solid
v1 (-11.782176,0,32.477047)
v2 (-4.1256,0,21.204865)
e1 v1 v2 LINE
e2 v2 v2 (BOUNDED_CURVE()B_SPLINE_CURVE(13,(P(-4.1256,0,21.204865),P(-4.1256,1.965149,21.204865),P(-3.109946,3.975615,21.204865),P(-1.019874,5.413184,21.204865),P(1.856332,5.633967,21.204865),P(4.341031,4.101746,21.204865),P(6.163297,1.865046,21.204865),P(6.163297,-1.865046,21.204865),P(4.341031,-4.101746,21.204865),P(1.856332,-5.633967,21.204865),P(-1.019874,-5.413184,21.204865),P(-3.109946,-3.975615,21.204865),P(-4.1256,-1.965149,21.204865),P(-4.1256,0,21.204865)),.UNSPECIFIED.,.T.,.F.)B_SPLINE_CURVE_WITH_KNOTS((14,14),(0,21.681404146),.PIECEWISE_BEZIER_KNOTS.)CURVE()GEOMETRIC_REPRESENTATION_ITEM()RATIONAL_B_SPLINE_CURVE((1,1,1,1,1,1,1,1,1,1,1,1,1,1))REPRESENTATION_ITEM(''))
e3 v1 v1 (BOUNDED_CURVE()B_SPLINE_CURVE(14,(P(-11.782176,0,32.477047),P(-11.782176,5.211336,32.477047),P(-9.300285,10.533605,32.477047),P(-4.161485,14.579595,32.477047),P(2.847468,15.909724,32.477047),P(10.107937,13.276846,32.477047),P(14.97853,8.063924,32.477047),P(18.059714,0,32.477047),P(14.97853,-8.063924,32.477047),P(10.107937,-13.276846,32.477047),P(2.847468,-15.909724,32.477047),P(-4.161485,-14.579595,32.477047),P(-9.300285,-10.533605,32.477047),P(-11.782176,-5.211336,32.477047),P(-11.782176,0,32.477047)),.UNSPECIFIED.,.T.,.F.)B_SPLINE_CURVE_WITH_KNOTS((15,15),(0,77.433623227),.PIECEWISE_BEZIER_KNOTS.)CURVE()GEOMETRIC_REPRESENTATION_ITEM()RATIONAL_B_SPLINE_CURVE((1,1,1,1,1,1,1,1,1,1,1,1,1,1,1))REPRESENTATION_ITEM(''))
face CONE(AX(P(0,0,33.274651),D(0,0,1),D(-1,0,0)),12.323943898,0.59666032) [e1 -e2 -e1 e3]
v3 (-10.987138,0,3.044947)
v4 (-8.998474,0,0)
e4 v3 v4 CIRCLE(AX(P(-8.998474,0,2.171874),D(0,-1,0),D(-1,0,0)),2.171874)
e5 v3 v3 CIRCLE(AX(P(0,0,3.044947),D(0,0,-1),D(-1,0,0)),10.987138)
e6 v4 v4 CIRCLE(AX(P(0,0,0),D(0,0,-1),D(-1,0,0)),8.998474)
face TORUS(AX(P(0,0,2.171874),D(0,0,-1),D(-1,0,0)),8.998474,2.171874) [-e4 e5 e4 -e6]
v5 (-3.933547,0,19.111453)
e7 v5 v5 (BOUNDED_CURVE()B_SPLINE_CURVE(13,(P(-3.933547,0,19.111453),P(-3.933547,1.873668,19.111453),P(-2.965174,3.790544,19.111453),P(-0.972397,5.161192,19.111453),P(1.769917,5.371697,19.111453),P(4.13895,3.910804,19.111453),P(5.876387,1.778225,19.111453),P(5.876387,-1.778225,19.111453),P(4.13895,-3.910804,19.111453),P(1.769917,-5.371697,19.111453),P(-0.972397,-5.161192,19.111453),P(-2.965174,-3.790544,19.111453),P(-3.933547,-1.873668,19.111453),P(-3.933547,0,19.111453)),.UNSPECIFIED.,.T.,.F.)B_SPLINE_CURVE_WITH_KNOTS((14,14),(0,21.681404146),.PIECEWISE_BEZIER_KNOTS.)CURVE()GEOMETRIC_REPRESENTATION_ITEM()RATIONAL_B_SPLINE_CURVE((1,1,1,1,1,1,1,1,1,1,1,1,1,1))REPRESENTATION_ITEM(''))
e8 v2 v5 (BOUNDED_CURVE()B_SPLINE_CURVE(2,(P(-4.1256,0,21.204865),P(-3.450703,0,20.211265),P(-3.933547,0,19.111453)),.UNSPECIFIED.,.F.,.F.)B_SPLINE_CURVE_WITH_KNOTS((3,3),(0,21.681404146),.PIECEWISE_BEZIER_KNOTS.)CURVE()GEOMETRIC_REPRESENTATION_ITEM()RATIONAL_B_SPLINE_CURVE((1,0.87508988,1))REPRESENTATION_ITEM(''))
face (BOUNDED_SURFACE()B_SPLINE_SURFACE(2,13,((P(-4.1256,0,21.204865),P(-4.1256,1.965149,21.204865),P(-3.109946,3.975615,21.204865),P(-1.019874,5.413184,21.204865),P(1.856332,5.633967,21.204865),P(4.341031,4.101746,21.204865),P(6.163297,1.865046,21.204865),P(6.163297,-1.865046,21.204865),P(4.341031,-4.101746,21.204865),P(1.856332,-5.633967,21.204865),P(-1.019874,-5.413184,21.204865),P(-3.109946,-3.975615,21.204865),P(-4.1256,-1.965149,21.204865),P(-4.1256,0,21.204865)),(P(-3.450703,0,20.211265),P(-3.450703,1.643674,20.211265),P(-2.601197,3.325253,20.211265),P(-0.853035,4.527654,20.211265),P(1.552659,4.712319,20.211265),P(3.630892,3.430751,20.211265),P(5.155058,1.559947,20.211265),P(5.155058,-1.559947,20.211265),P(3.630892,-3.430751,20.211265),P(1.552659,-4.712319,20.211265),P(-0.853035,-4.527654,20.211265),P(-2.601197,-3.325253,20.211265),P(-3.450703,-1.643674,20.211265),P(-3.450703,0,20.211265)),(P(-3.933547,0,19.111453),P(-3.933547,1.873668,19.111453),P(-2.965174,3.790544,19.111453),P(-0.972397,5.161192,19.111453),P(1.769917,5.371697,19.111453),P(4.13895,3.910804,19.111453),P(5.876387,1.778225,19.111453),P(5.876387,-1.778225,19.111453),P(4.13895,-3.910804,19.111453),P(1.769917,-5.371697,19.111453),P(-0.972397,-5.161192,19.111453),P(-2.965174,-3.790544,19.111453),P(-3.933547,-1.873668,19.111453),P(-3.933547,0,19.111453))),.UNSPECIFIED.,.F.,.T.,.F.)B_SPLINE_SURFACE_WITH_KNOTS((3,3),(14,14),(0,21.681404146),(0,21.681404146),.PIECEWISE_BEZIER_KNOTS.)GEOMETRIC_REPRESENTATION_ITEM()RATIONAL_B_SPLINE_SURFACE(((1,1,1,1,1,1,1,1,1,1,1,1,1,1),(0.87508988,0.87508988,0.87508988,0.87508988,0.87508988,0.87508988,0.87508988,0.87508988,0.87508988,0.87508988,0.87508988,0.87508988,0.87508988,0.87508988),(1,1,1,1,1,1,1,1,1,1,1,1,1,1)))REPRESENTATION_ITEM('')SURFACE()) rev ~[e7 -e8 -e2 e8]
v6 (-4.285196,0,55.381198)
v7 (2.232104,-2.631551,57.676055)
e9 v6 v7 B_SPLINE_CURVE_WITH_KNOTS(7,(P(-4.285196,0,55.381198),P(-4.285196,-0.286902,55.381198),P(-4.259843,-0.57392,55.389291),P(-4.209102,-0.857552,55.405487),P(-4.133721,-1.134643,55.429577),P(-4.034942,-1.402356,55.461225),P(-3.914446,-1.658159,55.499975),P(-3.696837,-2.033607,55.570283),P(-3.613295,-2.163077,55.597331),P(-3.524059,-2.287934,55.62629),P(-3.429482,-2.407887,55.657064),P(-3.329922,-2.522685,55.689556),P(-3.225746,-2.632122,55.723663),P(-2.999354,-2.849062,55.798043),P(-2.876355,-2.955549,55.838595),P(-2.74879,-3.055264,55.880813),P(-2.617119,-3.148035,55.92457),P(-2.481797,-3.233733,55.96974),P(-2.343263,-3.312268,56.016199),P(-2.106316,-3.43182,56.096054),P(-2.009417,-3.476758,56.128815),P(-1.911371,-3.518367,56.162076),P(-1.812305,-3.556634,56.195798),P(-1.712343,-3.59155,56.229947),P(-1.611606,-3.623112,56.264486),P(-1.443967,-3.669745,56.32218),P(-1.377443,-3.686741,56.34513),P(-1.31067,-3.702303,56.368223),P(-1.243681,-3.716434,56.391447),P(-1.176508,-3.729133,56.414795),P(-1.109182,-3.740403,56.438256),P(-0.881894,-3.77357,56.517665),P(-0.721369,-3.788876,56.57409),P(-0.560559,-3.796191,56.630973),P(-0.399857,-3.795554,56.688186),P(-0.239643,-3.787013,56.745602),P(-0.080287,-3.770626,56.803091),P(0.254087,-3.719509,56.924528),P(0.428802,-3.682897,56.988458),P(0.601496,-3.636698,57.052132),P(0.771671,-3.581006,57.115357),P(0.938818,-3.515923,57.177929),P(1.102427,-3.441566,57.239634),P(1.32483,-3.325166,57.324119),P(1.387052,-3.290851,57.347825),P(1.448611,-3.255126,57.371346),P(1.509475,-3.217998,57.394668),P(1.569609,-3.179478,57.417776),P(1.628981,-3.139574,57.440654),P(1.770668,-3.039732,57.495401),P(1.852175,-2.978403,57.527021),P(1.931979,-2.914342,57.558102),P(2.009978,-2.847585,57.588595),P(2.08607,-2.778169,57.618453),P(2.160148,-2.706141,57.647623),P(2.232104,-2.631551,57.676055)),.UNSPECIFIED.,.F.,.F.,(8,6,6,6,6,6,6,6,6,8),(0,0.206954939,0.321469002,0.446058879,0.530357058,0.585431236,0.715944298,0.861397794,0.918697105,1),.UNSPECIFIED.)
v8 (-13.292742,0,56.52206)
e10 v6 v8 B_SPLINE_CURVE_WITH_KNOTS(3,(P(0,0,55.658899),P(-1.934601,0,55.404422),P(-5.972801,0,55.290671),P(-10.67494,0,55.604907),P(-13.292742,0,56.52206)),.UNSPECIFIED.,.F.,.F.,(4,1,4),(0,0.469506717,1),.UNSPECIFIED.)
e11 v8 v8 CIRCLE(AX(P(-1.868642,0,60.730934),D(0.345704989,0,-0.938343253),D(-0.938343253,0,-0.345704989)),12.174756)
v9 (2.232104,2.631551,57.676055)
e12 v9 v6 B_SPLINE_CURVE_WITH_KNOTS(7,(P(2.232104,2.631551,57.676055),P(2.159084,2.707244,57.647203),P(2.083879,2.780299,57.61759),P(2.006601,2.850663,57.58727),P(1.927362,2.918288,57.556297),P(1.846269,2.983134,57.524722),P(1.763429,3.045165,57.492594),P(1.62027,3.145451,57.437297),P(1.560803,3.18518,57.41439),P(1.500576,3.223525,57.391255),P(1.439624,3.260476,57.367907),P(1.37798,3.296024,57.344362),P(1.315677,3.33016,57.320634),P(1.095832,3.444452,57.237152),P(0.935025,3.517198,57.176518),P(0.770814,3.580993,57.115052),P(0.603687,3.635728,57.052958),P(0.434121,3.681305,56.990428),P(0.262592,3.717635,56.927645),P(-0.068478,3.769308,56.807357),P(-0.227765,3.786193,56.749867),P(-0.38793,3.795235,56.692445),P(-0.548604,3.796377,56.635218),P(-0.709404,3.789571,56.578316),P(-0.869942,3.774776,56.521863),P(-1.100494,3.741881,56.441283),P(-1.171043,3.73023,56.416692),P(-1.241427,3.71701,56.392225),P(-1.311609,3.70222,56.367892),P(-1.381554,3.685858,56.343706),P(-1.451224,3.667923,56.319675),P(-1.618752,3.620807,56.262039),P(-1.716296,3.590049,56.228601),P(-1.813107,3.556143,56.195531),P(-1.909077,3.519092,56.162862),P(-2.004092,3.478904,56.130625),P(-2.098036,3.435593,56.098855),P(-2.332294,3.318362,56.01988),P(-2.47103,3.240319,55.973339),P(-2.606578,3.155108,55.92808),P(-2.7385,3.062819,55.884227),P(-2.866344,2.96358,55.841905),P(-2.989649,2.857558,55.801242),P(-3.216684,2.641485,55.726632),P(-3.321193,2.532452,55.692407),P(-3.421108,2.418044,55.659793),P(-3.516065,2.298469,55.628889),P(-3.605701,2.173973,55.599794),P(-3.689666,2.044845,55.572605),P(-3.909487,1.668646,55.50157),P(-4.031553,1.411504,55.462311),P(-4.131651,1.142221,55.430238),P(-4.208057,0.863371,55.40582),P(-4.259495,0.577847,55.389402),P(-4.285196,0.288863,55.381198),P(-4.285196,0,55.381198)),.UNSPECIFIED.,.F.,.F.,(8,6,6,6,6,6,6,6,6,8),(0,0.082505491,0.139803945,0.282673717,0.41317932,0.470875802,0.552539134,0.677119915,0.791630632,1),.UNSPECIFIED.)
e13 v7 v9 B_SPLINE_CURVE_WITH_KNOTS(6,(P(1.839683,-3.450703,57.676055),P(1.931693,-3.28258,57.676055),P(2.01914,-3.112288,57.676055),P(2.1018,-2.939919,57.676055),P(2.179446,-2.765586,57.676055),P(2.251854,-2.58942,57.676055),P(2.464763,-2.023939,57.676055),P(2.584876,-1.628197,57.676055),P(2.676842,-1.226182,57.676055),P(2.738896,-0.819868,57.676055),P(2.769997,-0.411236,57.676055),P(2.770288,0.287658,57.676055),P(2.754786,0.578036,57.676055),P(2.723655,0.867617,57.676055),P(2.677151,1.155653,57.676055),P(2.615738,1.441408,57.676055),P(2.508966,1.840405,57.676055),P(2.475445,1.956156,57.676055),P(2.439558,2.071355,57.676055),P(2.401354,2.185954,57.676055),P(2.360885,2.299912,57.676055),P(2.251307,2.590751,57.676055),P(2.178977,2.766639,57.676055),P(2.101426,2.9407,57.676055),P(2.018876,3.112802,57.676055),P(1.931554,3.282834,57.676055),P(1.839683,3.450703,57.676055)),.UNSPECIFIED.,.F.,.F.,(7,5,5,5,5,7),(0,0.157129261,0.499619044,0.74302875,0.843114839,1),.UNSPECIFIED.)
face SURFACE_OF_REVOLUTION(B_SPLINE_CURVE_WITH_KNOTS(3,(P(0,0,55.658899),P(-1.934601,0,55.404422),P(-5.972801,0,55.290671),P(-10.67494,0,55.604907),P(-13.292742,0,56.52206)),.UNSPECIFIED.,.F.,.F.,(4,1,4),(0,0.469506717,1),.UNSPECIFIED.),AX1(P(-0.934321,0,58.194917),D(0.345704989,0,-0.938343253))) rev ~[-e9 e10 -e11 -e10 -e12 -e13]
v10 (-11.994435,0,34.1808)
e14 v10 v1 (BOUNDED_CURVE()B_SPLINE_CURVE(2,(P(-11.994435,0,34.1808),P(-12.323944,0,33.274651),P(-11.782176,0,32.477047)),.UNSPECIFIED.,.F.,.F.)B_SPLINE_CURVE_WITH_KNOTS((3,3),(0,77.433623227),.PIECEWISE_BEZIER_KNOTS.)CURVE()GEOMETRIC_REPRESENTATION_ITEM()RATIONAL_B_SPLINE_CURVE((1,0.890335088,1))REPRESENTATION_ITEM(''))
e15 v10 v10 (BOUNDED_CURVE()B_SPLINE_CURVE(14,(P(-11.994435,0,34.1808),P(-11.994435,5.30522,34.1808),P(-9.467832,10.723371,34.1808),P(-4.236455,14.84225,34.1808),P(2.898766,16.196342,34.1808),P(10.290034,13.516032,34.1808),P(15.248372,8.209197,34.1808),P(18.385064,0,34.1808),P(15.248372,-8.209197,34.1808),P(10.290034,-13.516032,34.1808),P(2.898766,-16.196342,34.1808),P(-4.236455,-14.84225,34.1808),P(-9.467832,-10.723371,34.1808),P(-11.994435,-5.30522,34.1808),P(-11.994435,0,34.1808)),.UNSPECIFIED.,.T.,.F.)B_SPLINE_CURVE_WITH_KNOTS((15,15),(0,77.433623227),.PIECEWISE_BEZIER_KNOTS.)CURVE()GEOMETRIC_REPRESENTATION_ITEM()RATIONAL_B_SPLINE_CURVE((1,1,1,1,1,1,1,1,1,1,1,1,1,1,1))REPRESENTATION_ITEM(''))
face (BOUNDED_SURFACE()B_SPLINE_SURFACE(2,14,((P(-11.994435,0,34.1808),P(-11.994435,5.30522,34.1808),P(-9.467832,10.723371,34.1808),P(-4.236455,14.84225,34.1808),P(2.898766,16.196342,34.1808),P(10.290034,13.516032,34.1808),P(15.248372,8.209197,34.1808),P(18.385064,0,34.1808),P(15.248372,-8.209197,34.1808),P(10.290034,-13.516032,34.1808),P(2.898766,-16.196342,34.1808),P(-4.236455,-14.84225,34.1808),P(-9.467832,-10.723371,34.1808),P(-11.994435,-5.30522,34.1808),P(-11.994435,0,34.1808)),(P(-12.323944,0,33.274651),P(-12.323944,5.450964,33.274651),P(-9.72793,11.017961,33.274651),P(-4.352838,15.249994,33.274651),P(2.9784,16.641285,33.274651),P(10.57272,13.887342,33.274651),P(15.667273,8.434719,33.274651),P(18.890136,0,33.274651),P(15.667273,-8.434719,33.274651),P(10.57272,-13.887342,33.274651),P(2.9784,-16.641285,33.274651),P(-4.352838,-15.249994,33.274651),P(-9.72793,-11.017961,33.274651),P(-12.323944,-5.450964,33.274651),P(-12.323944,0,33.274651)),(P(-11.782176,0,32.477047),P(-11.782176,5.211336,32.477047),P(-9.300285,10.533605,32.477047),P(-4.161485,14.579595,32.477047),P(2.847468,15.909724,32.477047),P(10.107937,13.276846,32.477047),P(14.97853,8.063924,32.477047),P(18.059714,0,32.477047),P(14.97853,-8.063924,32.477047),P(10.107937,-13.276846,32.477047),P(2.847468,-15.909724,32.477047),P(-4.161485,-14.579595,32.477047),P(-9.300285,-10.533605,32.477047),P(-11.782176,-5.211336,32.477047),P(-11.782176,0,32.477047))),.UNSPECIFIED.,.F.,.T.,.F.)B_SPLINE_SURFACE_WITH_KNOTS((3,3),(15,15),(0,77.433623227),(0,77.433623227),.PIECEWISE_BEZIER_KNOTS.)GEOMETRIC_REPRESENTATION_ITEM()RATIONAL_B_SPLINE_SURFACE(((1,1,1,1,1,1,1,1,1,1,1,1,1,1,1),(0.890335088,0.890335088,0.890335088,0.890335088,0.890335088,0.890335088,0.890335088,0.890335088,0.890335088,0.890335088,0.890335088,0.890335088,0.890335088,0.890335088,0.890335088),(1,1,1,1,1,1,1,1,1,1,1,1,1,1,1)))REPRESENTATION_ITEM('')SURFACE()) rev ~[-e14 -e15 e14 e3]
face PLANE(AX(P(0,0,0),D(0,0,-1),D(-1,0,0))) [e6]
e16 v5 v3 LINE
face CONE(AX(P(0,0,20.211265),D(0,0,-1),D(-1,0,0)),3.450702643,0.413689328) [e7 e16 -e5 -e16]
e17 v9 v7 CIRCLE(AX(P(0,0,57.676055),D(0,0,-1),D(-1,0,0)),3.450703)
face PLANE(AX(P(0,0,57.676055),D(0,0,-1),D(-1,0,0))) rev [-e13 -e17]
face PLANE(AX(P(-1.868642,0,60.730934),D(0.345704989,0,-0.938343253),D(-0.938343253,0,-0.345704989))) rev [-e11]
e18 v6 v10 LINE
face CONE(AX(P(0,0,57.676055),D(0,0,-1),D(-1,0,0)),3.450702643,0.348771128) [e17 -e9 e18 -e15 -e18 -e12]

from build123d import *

# Parameters (mm, degrees)
F2_R = 1.8854618593
F3_R = 2.1718744825


with BuildPart() as f1:
    # F0 (on Front) → F1 (revolve)
    with BuildSketch(Plane.XZ):
        Polygon((-12.3239438981, 0), (0, 0), (0, 57.6760545373), (-3.450702643, 57.6760545373), (-12.3239438981, 33.2746505737), (-3.450702643, 20.2112654741), align=None)
    revolve(axis=Axis((0, 0, 28.8380272686), (0, 0, -1)))

    # F2
    f2_edges = [f1.edges().sort_by_distance(p)[0] for p in [
        (12.323944, 0, 33.274651),
    ]]
    fillet(f2_edges, radius=F2_R)

    # F3
    f3_edges = [f1.edges().sort_by_distance(p)[0] for p in [
        (3.450703, 0, 20.211265),
        (12.323944, 0, 0),
        (-7.887323, 0, 10.105633),
    ]]
    fillet(f3_edges, radius=F3_R)

    # F4 (on Front) → F5 (revolve)
    with BuildSketch(Plane.XZ):
        with BuildLine():
            add(Edge.make_bspline(
                [(0, 55.6588992476), (-1.9346006023, 55.4044221137), (-5.9728011334, 55.2906711058), (-10.6749403377, 55.6049072132), (-13.2927423914, 56.5220602196)],
                knots=[0, 0, 0, 0, 0.469506717, 1, 1, 1, 1], degree=3))
            Line((0, 55.6588992476), (-1.8686421681, 60.7309341431))
            Line((-1.8686421681, 60.7309341431), (-13.2927423914, 56.5220602196))
        make_face()
    revolve(axis=Axis((-0.9343210841, 0, 58.1949166954), (0.3457049895, 0, -0.9383432529)))


solid = f1.part
